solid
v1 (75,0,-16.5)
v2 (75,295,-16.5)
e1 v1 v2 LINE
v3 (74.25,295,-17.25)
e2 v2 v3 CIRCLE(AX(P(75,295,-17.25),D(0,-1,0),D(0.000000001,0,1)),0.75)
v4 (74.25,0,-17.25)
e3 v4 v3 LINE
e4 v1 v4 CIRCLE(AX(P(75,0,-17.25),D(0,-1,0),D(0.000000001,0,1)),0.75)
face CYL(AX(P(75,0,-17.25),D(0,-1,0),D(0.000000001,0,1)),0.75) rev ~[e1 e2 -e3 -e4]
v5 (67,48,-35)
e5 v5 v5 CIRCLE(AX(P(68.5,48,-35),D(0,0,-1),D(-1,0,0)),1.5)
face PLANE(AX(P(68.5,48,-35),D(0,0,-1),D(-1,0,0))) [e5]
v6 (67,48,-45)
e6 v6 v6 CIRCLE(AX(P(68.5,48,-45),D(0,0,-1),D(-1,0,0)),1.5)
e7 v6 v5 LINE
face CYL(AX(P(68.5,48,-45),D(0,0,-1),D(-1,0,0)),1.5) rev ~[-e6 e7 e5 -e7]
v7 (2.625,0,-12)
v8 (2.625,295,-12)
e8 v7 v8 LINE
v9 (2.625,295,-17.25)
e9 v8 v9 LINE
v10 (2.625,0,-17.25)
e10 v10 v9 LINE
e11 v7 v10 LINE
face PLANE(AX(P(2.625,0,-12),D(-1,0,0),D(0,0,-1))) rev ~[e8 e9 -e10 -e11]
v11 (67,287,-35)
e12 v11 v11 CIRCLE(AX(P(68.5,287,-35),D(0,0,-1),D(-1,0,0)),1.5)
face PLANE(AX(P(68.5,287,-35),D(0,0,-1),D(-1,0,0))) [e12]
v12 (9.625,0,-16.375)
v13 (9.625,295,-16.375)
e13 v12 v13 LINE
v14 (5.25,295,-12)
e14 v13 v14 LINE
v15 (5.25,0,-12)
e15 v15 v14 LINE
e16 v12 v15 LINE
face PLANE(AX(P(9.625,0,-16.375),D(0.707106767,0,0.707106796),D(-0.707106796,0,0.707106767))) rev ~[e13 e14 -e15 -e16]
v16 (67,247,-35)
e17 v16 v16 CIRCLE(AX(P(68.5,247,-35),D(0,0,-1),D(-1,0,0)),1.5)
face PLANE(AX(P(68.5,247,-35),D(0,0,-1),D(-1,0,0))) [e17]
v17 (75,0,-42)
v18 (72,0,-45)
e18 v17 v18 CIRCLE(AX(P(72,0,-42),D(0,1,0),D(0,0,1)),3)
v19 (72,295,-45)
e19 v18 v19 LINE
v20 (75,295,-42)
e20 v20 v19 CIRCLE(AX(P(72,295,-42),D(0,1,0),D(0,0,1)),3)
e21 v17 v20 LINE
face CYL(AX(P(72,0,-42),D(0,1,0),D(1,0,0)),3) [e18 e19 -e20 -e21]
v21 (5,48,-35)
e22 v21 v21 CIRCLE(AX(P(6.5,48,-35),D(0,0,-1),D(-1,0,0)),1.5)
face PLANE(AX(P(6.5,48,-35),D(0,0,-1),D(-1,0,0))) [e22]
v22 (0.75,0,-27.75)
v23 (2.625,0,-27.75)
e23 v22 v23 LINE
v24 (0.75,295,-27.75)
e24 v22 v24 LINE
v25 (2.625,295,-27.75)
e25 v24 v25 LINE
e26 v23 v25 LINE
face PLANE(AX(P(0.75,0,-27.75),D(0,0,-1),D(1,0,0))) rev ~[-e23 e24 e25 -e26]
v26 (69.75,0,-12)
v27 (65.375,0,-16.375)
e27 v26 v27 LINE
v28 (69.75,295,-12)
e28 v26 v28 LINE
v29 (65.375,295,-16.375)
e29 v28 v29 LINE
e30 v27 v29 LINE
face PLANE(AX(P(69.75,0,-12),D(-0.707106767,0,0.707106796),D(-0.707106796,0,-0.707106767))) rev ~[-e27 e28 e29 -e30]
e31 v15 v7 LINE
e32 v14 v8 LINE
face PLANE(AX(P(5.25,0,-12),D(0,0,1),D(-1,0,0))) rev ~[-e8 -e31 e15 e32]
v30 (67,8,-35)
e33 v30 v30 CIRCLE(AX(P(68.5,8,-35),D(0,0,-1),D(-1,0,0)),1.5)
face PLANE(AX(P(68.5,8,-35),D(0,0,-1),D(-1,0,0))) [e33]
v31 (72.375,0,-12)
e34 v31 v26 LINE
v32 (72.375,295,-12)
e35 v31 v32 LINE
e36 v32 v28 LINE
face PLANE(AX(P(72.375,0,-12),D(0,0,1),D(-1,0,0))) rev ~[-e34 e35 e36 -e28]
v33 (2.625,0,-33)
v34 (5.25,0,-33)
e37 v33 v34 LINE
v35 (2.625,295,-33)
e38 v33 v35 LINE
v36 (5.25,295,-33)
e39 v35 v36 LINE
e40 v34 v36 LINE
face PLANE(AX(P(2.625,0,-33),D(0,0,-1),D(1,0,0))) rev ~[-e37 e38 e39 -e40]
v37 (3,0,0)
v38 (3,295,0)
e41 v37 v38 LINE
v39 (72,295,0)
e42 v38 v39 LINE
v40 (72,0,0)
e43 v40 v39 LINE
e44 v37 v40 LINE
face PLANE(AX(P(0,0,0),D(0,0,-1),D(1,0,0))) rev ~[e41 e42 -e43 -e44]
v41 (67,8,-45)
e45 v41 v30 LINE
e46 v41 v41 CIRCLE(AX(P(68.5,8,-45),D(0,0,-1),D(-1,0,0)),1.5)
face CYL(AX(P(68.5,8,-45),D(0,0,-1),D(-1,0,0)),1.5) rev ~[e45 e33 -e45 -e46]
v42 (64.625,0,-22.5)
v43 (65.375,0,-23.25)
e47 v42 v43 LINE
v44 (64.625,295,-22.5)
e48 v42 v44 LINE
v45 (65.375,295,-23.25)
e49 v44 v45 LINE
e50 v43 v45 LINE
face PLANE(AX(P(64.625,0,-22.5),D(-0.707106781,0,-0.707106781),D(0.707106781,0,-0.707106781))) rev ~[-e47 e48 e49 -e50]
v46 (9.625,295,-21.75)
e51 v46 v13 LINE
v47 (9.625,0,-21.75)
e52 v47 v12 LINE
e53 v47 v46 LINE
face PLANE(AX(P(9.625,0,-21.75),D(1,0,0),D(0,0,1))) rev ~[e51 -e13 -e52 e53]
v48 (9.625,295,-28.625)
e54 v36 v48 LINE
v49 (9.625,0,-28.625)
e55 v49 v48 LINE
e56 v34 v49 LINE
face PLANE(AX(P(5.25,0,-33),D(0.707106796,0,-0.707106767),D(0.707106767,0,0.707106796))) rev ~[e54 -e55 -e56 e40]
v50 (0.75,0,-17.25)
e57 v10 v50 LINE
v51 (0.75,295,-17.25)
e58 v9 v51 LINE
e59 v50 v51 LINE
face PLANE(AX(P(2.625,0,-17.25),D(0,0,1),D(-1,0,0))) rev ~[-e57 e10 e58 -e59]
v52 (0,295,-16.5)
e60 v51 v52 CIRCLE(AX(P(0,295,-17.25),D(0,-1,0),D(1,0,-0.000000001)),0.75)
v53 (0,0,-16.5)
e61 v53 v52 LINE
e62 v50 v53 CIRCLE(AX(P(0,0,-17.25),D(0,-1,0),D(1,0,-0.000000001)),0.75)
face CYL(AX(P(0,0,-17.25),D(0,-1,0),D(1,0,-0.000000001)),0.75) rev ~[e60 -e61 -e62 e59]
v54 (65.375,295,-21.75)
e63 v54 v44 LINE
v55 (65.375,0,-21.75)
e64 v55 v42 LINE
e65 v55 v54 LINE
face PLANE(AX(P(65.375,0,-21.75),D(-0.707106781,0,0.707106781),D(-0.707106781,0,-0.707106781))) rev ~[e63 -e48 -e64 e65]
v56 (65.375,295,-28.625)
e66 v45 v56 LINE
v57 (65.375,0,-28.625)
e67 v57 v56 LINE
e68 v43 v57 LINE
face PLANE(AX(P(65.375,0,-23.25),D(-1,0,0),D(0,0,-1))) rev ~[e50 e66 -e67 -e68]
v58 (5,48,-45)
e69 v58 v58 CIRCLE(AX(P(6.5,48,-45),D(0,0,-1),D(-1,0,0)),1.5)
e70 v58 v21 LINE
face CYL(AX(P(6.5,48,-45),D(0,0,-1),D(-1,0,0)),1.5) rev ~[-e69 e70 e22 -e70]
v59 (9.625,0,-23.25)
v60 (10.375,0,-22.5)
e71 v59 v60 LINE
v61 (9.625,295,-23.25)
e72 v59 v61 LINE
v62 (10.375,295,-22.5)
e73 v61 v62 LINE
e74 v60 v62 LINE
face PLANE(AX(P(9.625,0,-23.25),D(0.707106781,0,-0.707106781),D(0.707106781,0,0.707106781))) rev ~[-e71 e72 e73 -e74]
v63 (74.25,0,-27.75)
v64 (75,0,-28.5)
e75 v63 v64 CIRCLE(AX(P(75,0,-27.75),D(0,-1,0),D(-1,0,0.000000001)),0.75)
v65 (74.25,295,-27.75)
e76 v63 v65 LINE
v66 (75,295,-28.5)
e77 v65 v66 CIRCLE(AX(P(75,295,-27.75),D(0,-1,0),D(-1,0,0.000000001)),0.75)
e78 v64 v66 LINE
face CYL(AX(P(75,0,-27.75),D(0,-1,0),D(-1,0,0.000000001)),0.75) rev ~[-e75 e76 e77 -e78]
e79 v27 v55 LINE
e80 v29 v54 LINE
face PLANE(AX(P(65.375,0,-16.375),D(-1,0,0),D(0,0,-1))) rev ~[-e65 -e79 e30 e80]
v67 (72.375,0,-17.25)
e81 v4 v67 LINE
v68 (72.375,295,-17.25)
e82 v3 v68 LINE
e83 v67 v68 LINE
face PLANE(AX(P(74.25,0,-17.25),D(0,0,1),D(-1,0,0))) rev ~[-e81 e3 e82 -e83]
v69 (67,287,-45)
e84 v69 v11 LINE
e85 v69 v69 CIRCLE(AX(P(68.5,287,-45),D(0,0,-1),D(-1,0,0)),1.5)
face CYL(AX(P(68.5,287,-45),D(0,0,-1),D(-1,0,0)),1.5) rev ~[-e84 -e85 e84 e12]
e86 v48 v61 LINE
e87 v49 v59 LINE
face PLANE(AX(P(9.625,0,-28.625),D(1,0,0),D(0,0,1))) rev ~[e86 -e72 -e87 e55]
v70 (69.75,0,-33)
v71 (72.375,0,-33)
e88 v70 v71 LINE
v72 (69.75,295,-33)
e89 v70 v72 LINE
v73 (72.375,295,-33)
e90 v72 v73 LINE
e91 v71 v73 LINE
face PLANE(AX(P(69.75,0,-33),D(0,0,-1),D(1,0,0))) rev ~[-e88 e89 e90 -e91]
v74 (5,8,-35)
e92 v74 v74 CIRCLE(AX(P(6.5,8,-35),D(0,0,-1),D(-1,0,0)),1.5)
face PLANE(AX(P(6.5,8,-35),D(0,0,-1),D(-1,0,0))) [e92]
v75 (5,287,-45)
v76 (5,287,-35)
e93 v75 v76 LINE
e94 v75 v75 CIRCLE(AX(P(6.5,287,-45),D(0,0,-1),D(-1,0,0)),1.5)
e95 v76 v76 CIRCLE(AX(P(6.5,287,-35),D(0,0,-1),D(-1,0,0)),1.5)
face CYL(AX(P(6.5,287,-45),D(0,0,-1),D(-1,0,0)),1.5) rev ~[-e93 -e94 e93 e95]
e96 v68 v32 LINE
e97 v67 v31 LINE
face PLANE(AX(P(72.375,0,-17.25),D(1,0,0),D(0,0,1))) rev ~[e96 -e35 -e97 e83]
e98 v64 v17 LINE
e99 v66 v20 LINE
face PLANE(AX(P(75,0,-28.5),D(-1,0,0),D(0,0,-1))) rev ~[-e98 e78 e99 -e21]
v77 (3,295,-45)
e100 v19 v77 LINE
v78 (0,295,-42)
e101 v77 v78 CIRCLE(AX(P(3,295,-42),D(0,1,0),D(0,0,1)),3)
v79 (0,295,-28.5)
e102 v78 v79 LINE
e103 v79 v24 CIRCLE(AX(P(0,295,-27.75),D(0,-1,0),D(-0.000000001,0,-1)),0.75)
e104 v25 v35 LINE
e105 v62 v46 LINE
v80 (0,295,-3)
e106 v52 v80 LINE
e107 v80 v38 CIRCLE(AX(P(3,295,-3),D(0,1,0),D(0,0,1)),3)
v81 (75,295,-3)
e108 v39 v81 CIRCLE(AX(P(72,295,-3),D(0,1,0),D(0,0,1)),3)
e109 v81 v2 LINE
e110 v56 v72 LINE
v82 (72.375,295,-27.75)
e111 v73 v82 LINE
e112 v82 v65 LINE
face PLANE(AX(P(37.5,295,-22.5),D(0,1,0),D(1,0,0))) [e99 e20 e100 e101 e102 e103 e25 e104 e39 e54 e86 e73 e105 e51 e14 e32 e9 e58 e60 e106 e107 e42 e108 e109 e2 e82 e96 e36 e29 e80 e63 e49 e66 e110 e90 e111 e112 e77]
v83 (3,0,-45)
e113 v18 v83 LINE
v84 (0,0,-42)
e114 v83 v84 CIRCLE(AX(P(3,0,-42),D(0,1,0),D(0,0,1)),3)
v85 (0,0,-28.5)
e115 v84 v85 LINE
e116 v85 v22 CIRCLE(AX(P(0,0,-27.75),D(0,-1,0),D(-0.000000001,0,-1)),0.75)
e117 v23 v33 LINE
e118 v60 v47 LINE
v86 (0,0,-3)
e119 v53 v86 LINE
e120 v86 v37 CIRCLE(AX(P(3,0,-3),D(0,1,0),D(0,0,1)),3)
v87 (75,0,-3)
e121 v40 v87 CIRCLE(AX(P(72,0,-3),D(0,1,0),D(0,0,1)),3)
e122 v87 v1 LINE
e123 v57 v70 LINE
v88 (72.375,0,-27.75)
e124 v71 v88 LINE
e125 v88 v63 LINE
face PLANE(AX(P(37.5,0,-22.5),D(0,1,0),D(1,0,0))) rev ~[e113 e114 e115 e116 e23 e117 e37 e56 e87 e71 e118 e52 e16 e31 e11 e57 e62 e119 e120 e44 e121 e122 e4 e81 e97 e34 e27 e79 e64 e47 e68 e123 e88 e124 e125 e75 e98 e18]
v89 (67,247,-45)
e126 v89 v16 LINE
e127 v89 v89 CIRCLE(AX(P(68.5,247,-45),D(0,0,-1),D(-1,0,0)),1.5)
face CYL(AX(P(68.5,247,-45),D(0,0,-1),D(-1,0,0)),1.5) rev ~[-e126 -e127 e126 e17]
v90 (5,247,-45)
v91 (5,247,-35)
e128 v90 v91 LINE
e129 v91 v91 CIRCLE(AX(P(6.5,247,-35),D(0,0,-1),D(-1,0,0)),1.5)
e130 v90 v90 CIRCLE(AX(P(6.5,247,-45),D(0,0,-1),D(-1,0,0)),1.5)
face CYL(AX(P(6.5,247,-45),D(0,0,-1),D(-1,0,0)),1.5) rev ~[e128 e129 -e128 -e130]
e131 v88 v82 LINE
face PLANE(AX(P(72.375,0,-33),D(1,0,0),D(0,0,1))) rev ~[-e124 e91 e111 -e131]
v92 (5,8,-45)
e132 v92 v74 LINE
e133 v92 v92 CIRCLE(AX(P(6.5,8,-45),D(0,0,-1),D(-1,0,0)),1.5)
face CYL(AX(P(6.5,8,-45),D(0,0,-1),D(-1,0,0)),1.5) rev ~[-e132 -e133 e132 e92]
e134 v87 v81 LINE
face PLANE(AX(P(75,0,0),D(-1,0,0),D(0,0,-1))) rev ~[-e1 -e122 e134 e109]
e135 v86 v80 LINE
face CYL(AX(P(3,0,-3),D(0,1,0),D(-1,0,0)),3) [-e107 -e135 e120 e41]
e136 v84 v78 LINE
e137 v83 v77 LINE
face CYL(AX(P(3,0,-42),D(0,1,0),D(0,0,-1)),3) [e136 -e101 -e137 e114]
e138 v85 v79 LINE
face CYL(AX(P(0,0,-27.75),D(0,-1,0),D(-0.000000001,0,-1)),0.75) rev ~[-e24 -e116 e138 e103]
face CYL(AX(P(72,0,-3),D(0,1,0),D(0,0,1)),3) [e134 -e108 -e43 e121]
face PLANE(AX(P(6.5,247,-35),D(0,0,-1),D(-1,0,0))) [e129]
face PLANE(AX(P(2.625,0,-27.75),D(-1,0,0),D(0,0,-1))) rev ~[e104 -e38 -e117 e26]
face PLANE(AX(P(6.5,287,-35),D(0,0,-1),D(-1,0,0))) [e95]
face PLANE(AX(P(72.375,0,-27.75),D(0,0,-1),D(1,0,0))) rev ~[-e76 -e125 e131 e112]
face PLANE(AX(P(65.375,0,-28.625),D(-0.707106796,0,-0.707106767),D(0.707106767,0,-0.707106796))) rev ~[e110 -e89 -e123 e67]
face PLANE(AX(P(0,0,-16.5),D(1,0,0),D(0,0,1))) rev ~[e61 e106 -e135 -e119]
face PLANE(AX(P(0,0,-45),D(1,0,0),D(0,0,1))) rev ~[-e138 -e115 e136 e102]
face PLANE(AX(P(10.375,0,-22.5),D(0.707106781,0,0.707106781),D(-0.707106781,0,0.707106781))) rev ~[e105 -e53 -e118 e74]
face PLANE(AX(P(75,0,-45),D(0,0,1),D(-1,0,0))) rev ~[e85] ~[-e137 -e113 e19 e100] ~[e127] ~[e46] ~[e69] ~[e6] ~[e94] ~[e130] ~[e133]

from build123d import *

# Parameters (mm, degrees)
BOSS_EXTRUDE1_DEPTH = 295
FILLET1_R           = 3
SKETCH2_R           = 1.5
CUT_EXTRUDE1_DEPTH  = 10


with BuildPart() as part:
    # Sketch1 → Boss-Extrude1 (new body)
    with BuildSketch(Plane(origin=(0, 0, 0), x_dir=(1, 0, 0), z_dir=(0, 1, 0))):
        with BuildLine():
            Line((2.625, 17.250000178), (0.75, 17.250000178))
            ThreePointArc((0.75, 17.250000178), (0.530330086, 16.719670092), (0, 16.500000178))
            Line((0, 16.500000178), (0, 0))
            Line((0, 0), (75, 0))
            Line((75, 0), (75, 16.500000178))
            ThreePointArc((75, 16.500000178), (74.469669914, 16.719670092), (74.25, 17.250000178))
            Line((74.25, 17.250000178), (72.375, 17.250000178))
            Line((72.375, 17.250000178), (72.375, 12.000000178))
            Line((72.375, 12.000000178), (69.75, 12.000000178))
            Line((69.75, 12.000000178), (65.375, 16.375))
            Line((65.375, 16.375), (65.375, 21.75))
            Line((65.375, 21.75), (64.625, 22.5))
            Line((64.625, 22.5), (65.375, 23.25))
            Line((65.375, 23.25), (65.375, 28.625))
            Line((65.375, 28.625), (69.75, 33.000000178))
            Line((69.75, 33.000000178), (72.375, 33.000000178))
            Line((72.375, 33.000000178), (72.375, 27.750000178))
            Line((72.375, 27.750000178), (74.25, 27.750000178))
            ThreePointArc((74.25, 27.750000178), (74.469669914, 28.280330264), (75, 28.500000178))
            Line((75, 28.500000178), (75, 45))
            Line((75, 45), (0, 45))
            Line((0, 45), (0, 28.500000178))
            ThreePointArc((0, 28.500000178), (0.530330086, 28.280330264), (0.75, 27.750000178))
            Line((0.75, 27.750000178), (2.625, 27.750000178))
            Line((2.625, 27.750000178), (2.625, 33.000000178))
            Line((2.625, 33.000000178), (5.25, 33.000000178))
            Line((5.25, 33.000000178), (9.625, 28.625))
            Line((9.625, 28.625), (9.625, 23.25))
            Line((9.625, 23.25), (10.375, 22.5))
            Line((10.375, 22.5), (9.625, 21.75))
            Line((9.625, 21.75), (9.625, 16.375))
            Line((9.625, 16.375), (5.25, 12.000000178))
            Line((5.25, 12.000000178), (2.625, 12.000000178))
            Line((2.625, 12.000000178), (2.625, 17.250000178))
        make_face()
    extrude(amount=BOSS_EXTRUDE1_DEPTH)

    # Fillet1
    fillet1_edges = [part.edges().sort_by_distance(p)[0] for p in [
        (0, 147.5, 0),
        (0, 147.5, -45),
        (75, 147.5, -45),
        (75, 147.5, 0),
    ]]
    fillet(fillet1_edges, radius=FILLET1_R)

    # Sketch2 → Cut-Extrude1 (cut)
    with BuildSketch(Plane(origin=(0, 0, -45), x_dir=(-1, 0, 0), z_dir=(0, 0, -1))):
        with Locations((-6.5, 287)):
            Circle(SKETCH2_R)
        with Locations((-6.5, 247)):
            Circle(SKETCH2_R)
        with Locations((-6.5, 48)):
            Circle(SKETCH2_R)
        with Locations((-6.5, 8)):
            Circle(SKETCH2_R)
        with Locations((-68.5, 8)):
            Circle(SKETCH2_R)
        with Locations((-68.5, 48)):
            Circle(SKETCH2_R)
        with Locations((-68.5, 287)):
            Circle(SKETCH2_R)
        with Locations((-68.5, 247)):
            Circle(SKETCH2_R)
    extrude(amount=-CUT_EXTRUDE1_DEPTH, mode=Mode.SUBTRACT)


solid = part.part
